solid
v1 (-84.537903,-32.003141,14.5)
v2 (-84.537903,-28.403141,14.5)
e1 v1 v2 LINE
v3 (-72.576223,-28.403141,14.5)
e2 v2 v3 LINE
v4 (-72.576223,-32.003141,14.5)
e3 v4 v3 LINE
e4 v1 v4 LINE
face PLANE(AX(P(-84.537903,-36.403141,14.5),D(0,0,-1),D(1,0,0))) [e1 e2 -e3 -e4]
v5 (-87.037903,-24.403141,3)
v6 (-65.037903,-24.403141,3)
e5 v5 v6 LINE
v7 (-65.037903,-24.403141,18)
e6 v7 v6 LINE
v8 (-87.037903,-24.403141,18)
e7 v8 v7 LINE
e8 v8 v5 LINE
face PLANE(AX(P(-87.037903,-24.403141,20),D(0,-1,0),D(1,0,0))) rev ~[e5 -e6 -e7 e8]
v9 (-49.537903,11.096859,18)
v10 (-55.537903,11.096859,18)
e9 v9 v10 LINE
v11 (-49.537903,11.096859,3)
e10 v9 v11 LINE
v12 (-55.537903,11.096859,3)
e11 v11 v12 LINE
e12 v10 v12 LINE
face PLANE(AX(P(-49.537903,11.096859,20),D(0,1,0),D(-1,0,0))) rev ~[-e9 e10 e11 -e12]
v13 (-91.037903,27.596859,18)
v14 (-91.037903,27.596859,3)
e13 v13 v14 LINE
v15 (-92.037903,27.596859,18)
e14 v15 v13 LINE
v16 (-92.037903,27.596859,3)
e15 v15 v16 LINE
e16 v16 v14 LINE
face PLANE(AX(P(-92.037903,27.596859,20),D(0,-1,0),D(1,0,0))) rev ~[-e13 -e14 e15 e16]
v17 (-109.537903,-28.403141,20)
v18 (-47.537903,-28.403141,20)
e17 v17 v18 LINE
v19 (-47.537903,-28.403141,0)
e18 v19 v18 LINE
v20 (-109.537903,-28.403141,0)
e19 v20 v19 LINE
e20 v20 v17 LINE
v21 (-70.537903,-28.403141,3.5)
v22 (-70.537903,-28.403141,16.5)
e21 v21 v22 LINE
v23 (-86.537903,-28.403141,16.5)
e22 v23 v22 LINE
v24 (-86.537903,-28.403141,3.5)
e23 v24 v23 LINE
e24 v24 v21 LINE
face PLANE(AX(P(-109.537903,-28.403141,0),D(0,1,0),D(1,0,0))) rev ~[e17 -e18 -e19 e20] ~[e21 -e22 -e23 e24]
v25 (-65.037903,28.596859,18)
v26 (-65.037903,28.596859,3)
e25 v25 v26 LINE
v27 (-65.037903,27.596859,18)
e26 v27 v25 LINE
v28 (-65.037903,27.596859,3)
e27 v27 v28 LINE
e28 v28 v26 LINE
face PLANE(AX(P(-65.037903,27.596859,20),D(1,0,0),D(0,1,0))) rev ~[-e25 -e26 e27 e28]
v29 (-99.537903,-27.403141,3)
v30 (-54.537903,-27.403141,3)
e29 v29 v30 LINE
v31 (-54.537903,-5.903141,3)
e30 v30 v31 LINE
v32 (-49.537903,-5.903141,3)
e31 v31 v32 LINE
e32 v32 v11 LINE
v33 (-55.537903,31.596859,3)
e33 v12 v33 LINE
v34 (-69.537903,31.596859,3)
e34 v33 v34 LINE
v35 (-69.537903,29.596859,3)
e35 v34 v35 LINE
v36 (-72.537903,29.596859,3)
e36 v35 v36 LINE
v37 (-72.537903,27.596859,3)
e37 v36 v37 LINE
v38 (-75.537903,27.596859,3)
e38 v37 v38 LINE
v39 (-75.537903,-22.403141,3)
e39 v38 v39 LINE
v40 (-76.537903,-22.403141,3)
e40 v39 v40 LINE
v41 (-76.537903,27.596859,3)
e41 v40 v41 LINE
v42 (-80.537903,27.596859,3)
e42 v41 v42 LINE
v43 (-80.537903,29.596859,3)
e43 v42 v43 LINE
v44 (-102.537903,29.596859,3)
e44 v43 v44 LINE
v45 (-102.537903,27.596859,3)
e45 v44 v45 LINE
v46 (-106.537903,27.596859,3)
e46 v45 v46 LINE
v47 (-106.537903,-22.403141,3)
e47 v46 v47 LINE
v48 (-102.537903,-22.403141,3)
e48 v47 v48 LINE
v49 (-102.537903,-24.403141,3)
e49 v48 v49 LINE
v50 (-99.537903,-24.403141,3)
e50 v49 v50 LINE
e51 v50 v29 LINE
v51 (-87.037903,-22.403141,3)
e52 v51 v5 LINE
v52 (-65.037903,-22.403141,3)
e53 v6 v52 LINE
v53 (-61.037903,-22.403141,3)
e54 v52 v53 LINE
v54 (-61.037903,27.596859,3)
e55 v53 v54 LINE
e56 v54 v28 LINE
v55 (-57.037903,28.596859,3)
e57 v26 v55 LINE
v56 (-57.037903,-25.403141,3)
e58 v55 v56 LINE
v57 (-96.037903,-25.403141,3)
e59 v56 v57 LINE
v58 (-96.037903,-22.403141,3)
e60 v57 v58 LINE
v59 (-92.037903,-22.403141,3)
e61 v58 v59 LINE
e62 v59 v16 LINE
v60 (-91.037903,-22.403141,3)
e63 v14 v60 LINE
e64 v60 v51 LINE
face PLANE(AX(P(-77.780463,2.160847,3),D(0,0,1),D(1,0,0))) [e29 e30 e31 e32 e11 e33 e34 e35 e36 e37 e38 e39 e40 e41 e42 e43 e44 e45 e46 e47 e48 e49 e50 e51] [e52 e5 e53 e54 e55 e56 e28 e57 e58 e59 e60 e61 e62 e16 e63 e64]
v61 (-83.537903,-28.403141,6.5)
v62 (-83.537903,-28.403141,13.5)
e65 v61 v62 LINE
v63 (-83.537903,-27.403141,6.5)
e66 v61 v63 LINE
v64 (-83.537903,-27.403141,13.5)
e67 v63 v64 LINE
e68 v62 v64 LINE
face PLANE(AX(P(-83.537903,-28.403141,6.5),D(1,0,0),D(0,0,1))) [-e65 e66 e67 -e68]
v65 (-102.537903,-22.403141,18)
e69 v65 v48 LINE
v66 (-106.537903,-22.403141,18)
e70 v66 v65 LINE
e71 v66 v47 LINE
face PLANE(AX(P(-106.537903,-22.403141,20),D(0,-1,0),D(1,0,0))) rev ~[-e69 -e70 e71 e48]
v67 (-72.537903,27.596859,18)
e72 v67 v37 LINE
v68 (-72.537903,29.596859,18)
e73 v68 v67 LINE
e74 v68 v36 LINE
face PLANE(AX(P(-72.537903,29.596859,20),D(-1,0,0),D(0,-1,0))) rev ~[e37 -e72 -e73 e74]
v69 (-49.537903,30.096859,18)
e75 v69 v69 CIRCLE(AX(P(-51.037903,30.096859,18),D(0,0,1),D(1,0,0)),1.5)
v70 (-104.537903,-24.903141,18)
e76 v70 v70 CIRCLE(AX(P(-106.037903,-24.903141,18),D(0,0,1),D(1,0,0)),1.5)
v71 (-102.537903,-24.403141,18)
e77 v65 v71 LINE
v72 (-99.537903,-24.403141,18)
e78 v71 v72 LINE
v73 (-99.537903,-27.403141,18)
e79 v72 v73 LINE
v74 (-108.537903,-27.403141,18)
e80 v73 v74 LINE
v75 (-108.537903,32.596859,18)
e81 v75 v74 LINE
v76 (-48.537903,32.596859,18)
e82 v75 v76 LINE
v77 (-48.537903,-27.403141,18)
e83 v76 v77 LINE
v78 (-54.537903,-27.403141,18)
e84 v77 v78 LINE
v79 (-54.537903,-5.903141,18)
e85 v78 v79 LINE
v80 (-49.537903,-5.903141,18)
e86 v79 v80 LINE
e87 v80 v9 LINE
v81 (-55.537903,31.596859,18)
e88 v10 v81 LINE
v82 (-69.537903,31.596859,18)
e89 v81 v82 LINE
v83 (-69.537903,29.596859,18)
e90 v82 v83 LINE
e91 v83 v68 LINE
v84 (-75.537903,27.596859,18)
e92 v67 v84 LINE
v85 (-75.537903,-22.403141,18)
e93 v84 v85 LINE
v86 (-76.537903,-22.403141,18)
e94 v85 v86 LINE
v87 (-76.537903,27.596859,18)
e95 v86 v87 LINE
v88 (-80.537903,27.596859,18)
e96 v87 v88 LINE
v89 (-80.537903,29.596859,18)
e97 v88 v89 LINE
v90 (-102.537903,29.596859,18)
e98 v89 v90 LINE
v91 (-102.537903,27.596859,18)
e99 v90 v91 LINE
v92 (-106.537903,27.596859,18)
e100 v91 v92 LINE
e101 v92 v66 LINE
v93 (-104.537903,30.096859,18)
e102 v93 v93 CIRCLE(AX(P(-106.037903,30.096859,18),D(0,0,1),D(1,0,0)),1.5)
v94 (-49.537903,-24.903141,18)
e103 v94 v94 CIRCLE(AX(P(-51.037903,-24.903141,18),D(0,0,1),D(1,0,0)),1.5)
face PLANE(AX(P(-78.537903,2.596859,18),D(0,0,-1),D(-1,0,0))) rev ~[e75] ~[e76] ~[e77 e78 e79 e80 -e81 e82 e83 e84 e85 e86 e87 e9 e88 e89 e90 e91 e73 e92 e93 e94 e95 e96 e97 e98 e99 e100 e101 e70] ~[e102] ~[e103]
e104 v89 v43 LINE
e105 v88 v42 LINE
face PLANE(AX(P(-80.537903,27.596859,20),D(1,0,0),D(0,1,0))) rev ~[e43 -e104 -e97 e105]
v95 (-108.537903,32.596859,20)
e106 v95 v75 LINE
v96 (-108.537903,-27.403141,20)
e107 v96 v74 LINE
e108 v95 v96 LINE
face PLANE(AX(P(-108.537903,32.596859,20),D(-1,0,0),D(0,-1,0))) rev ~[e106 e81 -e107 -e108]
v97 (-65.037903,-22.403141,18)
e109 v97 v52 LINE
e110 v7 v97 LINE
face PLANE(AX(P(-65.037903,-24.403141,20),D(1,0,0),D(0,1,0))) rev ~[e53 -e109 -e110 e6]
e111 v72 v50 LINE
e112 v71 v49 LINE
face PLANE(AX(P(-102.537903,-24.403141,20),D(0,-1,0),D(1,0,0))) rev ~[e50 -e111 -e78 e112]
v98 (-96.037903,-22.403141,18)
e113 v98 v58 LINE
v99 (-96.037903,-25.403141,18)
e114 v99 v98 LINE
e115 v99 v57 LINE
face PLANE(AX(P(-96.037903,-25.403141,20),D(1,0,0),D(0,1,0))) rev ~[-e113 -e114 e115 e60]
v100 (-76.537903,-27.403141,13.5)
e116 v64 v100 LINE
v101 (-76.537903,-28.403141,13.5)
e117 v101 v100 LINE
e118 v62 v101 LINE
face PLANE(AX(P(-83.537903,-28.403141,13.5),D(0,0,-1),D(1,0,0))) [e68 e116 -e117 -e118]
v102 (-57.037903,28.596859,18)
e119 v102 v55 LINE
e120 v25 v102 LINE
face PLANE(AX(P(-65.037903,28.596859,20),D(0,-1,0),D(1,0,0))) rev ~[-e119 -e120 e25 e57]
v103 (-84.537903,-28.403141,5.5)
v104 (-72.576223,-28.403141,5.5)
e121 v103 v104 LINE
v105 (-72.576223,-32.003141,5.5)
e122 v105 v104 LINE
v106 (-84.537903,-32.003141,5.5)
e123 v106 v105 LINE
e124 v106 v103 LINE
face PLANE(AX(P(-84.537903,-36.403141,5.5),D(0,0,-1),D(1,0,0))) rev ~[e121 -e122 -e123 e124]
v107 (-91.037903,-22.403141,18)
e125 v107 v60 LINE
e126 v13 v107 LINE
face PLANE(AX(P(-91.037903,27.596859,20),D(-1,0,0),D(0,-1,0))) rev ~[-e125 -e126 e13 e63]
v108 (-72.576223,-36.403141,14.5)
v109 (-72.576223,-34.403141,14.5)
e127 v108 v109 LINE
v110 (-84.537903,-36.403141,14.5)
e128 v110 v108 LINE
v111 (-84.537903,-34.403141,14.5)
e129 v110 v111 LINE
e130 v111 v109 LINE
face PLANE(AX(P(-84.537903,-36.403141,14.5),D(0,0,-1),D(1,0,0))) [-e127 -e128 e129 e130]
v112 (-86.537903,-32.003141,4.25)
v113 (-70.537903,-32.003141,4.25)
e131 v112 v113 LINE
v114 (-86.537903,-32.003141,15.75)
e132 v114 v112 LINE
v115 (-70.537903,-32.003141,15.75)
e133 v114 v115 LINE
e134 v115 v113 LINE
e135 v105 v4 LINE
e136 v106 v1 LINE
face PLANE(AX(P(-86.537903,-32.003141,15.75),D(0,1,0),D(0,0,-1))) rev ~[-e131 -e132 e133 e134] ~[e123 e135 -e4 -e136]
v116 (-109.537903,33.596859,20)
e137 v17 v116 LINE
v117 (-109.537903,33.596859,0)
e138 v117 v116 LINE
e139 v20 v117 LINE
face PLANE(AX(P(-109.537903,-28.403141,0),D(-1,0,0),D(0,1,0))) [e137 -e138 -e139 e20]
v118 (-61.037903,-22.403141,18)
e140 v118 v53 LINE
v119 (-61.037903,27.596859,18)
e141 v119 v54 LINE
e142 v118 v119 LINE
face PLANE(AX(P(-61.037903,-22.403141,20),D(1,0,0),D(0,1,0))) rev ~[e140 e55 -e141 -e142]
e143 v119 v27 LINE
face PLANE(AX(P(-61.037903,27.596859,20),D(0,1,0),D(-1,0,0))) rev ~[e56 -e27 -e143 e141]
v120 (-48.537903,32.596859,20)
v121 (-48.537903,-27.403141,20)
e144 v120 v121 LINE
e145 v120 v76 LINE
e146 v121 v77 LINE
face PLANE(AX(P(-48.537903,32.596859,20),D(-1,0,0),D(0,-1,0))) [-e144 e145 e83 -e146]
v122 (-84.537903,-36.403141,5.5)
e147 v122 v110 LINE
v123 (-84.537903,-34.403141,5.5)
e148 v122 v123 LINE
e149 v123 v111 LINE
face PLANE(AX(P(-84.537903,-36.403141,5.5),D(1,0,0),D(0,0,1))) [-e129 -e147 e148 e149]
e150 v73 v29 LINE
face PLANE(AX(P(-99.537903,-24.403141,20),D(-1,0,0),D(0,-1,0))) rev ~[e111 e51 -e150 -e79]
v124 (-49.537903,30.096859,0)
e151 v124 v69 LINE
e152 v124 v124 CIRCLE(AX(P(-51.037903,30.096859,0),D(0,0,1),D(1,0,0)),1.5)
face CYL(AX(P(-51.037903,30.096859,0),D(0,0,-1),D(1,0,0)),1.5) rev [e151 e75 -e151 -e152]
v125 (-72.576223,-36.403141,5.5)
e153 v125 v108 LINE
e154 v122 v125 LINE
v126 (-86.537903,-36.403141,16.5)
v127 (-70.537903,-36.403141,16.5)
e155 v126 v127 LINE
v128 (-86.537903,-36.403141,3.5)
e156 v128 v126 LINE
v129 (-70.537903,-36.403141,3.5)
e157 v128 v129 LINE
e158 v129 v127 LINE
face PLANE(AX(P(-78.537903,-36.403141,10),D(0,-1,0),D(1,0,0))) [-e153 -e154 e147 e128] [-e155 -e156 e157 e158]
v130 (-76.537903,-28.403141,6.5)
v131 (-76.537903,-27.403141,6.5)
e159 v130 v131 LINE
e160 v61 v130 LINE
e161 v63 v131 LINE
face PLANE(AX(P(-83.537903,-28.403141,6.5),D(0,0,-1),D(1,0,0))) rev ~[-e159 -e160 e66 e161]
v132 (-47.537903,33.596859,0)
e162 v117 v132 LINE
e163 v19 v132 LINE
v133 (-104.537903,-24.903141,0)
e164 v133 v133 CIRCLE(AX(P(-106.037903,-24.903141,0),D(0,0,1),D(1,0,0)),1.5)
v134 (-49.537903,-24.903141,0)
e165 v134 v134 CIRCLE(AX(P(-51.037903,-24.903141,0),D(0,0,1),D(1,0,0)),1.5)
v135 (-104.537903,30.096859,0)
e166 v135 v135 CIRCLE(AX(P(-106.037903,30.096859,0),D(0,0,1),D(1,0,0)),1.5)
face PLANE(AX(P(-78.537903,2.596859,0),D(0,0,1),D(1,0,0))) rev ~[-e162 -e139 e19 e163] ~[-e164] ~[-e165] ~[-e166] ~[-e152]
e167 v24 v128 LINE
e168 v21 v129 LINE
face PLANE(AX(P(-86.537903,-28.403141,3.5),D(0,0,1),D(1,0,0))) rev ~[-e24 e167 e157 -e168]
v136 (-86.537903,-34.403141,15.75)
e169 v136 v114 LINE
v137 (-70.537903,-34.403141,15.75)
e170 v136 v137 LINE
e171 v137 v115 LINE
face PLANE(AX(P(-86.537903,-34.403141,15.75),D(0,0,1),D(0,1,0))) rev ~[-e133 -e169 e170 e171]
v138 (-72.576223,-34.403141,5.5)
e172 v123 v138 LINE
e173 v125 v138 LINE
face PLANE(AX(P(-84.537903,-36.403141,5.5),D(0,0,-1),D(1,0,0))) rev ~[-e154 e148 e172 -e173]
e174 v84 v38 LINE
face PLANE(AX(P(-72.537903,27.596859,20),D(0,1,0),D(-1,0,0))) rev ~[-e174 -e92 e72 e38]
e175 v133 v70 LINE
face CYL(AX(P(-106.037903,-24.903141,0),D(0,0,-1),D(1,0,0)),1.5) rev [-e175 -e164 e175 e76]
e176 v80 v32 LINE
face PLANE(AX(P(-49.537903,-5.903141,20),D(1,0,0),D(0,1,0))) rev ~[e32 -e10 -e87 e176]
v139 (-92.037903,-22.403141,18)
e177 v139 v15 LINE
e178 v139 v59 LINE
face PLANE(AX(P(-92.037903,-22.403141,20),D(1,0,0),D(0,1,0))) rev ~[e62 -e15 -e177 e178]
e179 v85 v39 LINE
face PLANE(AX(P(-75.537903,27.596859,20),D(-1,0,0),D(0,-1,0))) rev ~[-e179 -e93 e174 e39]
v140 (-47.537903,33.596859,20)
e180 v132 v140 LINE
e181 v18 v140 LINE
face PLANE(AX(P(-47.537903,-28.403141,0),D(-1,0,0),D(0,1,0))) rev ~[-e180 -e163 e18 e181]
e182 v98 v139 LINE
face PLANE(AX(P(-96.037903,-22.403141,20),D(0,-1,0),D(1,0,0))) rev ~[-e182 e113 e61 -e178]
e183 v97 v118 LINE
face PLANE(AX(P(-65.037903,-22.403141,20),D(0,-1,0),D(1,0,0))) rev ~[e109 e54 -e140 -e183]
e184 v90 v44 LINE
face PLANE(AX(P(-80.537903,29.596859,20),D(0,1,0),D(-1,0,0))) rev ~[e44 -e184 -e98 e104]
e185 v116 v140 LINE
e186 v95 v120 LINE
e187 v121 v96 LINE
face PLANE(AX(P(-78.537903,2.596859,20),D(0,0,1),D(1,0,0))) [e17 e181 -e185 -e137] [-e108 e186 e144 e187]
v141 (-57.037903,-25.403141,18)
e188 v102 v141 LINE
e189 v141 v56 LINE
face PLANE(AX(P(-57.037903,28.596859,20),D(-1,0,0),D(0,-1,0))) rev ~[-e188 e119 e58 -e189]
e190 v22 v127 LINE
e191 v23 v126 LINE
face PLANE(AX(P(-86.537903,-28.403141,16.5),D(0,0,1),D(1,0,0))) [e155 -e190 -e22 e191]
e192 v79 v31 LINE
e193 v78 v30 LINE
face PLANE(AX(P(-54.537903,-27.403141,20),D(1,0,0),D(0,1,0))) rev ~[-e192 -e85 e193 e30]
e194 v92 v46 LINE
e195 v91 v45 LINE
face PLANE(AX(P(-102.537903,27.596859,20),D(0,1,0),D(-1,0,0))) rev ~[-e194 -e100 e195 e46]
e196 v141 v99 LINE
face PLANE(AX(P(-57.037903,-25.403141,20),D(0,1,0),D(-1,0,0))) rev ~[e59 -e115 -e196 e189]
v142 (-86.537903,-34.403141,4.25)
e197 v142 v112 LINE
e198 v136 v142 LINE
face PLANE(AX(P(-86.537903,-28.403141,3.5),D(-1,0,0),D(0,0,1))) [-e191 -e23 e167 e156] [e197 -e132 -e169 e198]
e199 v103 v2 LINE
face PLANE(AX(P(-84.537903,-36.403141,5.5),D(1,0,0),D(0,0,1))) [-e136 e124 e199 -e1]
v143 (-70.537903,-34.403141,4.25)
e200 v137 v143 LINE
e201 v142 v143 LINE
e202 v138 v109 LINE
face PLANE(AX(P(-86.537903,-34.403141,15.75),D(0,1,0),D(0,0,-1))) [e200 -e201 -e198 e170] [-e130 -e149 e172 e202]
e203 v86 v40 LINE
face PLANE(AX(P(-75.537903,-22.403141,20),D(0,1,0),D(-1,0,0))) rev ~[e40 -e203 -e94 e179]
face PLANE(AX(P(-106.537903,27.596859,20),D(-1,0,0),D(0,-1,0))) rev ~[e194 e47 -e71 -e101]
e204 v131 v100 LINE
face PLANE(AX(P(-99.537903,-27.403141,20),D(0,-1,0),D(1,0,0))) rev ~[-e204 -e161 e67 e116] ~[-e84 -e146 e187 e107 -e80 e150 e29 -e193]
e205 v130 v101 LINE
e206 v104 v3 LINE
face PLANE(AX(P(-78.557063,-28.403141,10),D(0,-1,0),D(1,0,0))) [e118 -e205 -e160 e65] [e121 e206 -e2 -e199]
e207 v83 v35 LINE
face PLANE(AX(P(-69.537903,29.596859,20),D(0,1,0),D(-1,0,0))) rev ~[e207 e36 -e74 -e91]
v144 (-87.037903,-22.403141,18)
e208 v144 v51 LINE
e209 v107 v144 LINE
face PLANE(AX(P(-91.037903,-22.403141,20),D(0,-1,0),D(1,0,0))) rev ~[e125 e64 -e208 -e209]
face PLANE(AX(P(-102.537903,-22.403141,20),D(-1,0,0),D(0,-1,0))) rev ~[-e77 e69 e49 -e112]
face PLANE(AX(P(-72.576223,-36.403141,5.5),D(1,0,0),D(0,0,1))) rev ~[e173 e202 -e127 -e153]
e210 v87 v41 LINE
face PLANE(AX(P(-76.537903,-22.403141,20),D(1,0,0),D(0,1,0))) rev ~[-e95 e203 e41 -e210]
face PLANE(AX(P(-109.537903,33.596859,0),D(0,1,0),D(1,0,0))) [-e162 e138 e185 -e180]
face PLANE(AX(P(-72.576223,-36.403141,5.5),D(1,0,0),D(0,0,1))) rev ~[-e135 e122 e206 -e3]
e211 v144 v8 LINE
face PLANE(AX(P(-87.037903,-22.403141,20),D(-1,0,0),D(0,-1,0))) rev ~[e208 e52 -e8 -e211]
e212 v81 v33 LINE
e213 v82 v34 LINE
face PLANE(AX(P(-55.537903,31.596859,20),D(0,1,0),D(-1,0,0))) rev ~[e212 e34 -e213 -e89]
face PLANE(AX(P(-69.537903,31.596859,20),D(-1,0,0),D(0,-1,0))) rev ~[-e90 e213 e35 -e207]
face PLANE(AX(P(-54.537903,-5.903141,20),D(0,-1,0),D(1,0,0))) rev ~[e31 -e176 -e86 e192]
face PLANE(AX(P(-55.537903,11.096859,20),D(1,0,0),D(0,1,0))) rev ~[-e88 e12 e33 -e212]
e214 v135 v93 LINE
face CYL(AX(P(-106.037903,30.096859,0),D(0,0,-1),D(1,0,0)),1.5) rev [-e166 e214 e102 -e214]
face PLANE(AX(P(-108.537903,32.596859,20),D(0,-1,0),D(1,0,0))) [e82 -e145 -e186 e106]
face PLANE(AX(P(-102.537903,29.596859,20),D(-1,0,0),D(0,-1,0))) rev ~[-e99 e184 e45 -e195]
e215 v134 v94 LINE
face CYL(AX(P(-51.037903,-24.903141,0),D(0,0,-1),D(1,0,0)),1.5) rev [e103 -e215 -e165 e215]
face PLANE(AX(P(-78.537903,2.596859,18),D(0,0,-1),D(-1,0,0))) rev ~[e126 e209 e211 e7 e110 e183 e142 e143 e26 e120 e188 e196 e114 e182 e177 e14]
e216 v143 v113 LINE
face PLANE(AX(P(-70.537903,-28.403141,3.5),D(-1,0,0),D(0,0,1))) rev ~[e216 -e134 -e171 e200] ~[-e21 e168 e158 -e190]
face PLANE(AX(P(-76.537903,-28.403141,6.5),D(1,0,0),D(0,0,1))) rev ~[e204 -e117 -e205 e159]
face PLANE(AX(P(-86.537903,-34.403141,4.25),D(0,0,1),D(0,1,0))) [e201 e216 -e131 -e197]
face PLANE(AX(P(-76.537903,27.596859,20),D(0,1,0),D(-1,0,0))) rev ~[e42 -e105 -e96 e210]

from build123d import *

# Parameters (mm, degrees)
CROQUIS1_W              = 62
CROQUIS1_H              = 62
SALIENTE_EXTRUIR1_DEPTH = 20
CORTAR_EXTRUIR1_DEPTH   = 17
CORTAR_EXTRUIR2_DEPTH   = 2
CORTAR_EXTRUIR3_START   = -18
CROQUIS4_R              = 1.5
CORTAR_EXTRUIR3_DEPTH   = 18
CROQUIS5_W              = 16
CROQUIS5_H              = 13
SALIENTE_EXTRUIR2_DEPTH = 8
CROQUIS6_W              = 11.961680629
CROQUIS6_H              = 9
CORTAR_EXTRUIR4_DEPTH   = 8
CROQUIS7_W              = 7
CROQUIS7_H              = 7
CORTAR_EXTRUIR5_DEPTH   = 1
CORTAR_EXTRUIR6_START   = -16
CROQUIS8_W              = 11.5
CROQUIS8_H              = 2.4
CORTAR_EXTRUIR6_DEPTH   = 16


with BuildPart() as part:
    # Croquis1 → Saliente-Extruir1 (new body)
    with BuildSketch(Plane.XY):
        with Locations((-78.537903487, 2.596858639)):
            Rectangle(CROQUIS1_W, CROQUIS1_H)
    extrude(amount=SALIENTE_EXTRUIR1_DEPTH)

    # Croquis2 → Cortar-Extruir1 (cut)
    with BuildSketch(Plane.XY.offset(20)):
        Polygon((-106.537903487, 27.596858639), (-106.537903487, -22.403141361), (-102.537903487, -22.403141361), (-102.537903487, -24.403141361), (-99.537903487, -24.403141361), (-99.537903487, -25.903141361), (-99.537903487, -27.403141361), (-54.537903487, -27.403141361), (-54.537903487, -25.903141361), (-54.537903487, -5.903141361), (-49.537903487, -5.903141361), (-49.537903487, 11.096858639), (-55.537903487, 11.096858639), (-55.537903487, 30.596858639), (-55.537903487, 31.596858639), (-69.537903487, 31.596858639), (-69.537903487, 29.596858639), (-72.537903487, 29.596858639), (-72.537903487, 27.596858639), (-75.537903487, 27.596858639), (-75.537903487, -22.403141361), (-76.537903487, -22.403141361), (-76.537903487, 27.596858639), (-80.537903487, 27.596858639), (-80.537903487, 29.596858639), (-102.537903487, 29.596858639), (-102.537903487, 27.596858639), align=None)
        Polygon((-92.037903487, 27.596858639), (-91.037903487, 27.596858639), (-91.037903487, -22.403141361), (-87.037903487, -22.403141361), (-87.037903487, -24.403141361), (-65.037903487, -24.403141361), (-65.037903487, -22.403141361), (-61.037903487, -22.403141361), (-61.037903487, 27.596858639), (-65.037903487, 27.596858639), (-65.037903487, 28.596858639), (-57.037903487, 28.596858639), (-57.037903487, -24.403141361), (-57.037903487, -25.403141361), (-96.037903487, -25.403141361), (-96.037903487, -24.403141361), (-96.037903487, -22.403141361), (-92.037903487, -22.403141361), align=None, mode=Mode.SUBTRACT)
    extrude(amount=-CORTAR_EXTRUIR1_DEPTH, mode=Mode.SUBTRACT)

    # Croquis3 → Cortar-Extruir2 (cut)
    with BuildSketch(Plane.XY.offset(20)):
        Polygon((-108.537903487, 27.596858639), (-108.537903487, 32.596858639), (-48.537903487, 32.596858639), (-48.537903487, -27.403141361), (-108.537903487, -27.403141361), align=None)
    extrude(amount=-CORTAR_EXTRUIR2_DEPTH, mode=Mode.SUBTRACT)

    # Croquis4 → Cortar-Extruir3 (cut)
    with BuildSketch(Plane.XY.offset(18).offset(CORTAR_EXTRUIR3_START)):
        with Locations((-106.037903487, 30.096858639)):
            Circle(CROQUIS4_R)
        with Locations((-51.037903487, 30.096858639)):
            Circle(CROQUIS4_R)
        with Locations((-51.037903487, -24.903141361)):
            Circle(CROQUIS4_R)
        with Locations((-106.037903487, -24.903141361)):
            Circle(CROQUIS4_R)
    extrude(amount=CORTAR_EXTRUIR3_DEPTH, mode=Mode.SUBTRACT)

    # Croquis5 → Saliente-Extruir2 (add)
    with BuildSketch(Plane.XZ.offset(28.403141361)):
        with Locations((-78.537903487, 10)):
            Rectangle(CROQUIS5_W, CROQUIS5_H)
    extrude(amount=SALIENTE_EXTRUIR2_DEPTH)

    # Croquis6 → Cortar-Extruir4 (cut)
    with BuildSketch(Plane.XZ.offset(36.403141361)):
        with Locations((-78.557063173, 10)):
            Rectangle(CROQUIS6_W, CROQUIS6_H)
    extrude(amount=-CORTAR_EXTRUIR4_DEPTH, mode=Mode.SUBTRACT)

    # Croquis7 → Cortar-Extruir5 (cut)
    with BuildSketch(Plane.XZ.offset(28.403141361)):
        with Locations((-80.037903487, 10)):
            Rectangle(CROQUIS7_W, CROQUIS7_H)
    extrude(amount=-CORTAR_EXTRUIR5_DEPTH, mode=Mode.SUBTRACT)

    # Croquis8 → Cortar-Extruir6 (cut)
    with BuildSketch(Plane(origin=(-70.537903487, 0, 0), x_dir=(0, 0, -1), z_dir=(1, 0, 0)).offset(CORTAR_EXTRUIR6_START)):
        with Locations((-10, -33.203141361)):
            Rectangle(CROQUIS8_W, CROQUIS8_H)
    extrude(amount=CORTAR_EXTRUIR6_DEPTH, mode=Mode.SUBTRACT)


solid = part.part
